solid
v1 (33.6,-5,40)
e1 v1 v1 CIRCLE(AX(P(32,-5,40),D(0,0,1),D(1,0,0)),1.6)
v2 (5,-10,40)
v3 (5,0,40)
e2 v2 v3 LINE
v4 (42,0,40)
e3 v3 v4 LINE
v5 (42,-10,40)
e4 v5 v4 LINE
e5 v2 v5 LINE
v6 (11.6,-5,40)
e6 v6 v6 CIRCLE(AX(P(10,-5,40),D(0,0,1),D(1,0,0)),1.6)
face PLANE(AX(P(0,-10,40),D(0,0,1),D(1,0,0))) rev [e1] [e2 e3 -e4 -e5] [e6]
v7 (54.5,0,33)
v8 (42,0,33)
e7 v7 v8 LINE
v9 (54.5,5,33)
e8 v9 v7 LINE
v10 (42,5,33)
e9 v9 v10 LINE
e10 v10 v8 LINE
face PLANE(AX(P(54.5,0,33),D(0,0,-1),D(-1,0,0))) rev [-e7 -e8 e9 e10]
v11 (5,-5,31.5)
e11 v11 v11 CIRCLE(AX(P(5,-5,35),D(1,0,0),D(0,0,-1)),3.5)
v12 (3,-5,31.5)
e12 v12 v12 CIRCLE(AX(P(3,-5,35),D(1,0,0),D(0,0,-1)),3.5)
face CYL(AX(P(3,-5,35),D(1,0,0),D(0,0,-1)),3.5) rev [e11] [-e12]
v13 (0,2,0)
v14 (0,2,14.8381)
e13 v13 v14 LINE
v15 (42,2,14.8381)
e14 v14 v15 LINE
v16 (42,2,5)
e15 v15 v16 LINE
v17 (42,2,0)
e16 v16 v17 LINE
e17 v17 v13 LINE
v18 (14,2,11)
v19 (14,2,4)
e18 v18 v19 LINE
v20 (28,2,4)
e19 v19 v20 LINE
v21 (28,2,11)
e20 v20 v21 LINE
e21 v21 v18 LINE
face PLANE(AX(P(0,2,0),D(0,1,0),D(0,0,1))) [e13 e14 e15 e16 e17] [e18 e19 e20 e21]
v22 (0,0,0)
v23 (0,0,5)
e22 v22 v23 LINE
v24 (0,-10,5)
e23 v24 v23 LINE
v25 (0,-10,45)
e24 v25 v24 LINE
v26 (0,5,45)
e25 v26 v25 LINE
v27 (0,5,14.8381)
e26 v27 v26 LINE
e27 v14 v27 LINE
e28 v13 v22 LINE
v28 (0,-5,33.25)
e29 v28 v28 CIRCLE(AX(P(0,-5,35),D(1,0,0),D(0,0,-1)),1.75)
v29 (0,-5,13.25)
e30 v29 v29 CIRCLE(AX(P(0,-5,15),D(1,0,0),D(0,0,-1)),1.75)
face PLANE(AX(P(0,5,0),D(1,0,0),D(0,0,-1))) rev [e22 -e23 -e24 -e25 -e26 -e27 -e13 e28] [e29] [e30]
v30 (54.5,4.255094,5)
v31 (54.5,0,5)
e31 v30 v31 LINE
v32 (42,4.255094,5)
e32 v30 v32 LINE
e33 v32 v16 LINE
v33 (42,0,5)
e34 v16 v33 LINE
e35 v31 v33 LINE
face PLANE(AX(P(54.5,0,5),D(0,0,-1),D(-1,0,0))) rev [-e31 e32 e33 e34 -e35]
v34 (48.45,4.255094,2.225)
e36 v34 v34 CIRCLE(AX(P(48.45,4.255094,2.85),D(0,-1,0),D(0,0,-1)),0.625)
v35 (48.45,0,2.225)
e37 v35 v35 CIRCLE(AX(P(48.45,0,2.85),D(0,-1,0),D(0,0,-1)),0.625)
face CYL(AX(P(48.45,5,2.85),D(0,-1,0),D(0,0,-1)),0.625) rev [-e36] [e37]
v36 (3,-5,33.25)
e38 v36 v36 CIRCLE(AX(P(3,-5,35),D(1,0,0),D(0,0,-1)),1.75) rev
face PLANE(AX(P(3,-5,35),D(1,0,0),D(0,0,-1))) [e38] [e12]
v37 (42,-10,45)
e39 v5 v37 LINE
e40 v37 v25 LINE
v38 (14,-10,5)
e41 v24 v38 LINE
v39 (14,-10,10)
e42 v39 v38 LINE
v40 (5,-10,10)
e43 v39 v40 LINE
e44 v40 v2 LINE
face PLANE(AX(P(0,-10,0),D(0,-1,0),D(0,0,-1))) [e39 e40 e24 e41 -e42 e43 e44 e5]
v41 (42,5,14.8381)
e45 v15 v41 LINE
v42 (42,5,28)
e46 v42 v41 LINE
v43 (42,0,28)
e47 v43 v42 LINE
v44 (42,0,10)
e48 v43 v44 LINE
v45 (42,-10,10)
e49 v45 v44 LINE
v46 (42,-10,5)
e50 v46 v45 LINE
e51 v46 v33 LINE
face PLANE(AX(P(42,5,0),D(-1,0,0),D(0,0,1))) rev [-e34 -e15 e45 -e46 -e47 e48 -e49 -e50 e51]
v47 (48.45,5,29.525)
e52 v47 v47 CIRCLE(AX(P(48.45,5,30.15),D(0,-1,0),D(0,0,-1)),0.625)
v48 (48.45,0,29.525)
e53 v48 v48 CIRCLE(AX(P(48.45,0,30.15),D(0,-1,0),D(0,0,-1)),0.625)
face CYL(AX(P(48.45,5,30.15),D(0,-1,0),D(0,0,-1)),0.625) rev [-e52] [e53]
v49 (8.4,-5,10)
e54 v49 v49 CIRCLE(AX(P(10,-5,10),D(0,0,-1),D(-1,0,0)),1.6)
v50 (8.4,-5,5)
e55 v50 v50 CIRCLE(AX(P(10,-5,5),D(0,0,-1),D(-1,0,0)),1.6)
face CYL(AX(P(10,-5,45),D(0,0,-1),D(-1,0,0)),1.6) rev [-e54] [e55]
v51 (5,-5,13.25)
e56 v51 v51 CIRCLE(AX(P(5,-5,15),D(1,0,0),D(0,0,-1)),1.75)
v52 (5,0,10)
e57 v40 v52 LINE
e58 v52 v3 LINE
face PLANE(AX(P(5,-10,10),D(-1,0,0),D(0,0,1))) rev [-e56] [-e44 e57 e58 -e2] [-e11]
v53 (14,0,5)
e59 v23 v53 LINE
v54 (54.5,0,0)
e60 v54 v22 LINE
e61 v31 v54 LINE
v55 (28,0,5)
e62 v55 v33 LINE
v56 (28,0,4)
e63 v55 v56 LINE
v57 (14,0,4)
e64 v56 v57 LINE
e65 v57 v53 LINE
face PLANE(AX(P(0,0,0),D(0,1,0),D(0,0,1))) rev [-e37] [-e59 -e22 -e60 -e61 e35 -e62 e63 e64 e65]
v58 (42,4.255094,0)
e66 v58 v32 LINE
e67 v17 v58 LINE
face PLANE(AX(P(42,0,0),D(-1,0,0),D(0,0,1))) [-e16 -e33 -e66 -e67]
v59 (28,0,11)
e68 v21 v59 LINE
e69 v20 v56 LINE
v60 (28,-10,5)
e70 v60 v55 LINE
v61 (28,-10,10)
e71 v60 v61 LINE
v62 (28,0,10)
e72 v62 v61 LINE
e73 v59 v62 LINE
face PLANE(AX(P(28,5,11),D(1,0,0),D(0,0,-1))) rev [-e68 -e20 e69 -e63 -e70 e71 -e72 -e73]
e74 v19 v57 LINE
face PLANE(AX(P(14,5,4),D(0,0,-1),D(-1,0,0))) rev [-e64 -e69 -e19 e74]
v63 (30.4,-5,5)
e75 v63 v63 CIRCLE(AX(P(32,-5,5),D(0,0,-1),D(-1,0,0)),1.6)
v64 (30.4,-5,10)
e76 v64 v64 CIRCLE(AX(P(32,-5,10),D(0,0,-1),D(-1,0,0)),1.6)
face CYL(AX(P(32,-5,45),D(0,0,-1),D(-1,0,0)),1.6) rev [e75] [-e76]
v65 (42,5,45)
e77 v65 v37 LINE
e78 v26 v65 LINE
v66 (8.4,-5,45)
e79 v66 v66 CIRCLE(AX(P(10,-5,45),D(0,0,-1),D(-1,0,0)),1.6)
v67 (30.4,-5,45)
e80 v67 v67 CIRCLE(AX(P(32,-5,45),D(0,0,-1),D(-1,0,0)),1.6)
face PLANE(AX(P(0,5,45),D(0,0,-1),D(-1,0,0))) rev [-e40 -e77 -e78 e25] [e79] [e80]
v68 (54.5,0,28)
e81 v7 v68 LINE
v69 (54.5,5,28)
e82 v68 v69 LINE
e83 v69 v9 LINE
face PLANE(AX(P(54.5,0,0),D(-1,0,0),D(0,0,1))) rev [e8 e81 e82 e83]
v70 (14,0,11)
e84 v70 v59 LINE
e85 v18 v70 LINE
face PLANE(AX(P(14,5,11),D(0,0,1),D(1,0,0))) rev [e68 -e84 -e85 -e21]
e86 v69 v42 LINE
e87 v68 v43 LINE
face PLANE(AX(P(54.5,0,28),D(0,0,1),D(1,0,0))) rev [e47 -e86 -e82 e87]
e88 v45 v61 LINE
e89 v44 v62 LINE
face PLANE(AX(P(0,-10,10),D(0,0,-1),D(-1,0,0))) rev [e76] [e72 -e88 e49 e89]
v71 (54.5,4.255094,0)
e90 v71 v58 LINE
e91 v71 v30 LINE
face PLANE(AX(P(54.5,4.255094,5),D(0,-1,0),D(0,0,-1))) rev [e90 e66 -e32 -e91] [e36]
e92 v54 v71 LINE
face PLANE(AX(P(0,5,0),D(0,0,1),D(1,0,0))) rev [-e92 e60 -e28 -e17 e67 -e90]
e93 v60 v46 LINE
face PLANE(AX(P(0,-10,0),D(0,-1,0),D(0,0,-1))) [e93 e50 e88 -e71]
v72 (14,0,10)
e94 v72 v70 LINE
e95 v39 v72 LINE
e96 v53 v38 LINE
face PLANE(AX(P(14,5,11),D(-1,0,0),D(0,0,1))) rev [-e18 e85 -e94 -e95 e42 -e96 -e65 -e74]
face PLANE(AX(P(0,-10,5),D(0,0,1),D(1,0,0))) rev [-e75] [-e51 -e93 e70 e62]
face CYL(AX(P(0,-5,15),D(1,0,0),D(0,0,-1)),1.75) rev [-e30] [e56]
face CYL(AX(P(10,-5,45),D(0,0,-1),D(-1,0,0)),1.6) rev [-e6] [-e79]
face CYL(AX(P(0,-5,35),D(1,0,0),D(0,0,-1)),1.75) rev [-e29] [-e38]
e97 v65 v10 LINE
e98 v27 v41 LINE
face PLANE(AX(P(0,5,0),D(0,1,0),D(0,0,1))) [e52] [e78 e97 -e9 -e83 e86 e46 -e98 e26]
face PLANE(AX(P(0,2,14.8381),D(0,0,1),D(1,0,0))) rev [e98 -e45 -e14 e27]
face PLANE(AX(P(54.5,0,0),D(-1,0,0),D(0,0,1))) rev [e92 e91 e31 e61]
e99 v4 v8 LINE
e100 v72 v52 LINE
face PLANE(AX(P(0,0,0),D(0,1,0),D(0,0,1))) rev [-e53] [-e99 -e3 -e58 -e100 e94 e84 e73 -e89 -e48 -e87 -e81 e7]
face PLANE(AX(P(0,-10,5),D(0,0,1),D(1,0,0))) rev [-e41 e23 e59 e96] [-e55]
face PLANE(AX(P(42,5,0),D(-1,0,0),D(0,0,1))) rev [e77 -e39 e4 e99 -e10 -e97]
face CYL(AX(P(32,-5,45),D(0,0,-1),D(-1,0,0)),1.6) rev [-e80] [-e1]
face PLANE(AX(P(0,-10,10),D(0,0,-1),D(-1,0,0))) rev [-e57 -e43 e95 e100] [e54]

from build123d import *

# Parameters (mm, degrees)
SKETCH_1_W          = 42
SKETCH_1_H          = 45
EXTRUDE_1_DEPTH     = 5
SKETCH_2_W          = 42
SKETCH_2_H          = 5
EXTRUDE_2_DEPTH     = 10
SKETCH_3_R          = 1.6
CUT_EXTRUDE_1_DEPTH = 59.855755878
SKETCH_4_W          = 14
SKETCH_4_H          = 7
CUT_EXTRUDE_2_DEPTH = 64.356136246
SKETCH_5_W          = 42
SKETCH_5_H          = 14.838100381
CUT_EXTRUDE_3_DEPTH = 3
SKETCH_6_W          = 5
SKETCH_6_H          = 30
EXTRUDE_3_DEPTH     = 10
SKETCH_7_R          = 1.75
CUT_EXTRUDE_4_DEPTH = 60.110066825
SKETCH_8_R          = 3.5
CUT_EXTRUDE_5_DEPTH = 2
SKETCH_9_W          = 5
SKETCH_9_H          = 5
SKETCH_9_H_2        = 4.255093553
EXTRUDE_4_DEPTH     = 12.5
SKETCH_10_R         = 0.625
CUT_EXTRUDE_6_DEPTH = 72.381019886


with BuildPart() as part:
    # 草图1 → 凸台-拉伸1 (new body)
    with BuildSketch(Plane(origin=(0, 0, 0), x_dir=(1, 0, 0), z_dir=(0, 1, 0))):
        with Locations((21, -22.5)):
            Rectangle(SKETCH_1_W, SKETCH_1_H)
    extrude(amount=EXTRUDE_1_DEPTH)

    # 草图2 → 凸台-拉伸2 (add)
    with BuildSketch(Plane.XZ):
        with Locations((21, 42.5)):
            Rectangle(SKETCH_2_W, SKETCH_2_H)
        with Locations((21, 7.5)):
            Rectangle(SKETCH_2_W, SKETCH_2_H)
    extrude(amount=EXTRUDE_2_DEPTH)

    # 草图3 → 切除-拉伸1 (cut, through all)
    with BuildSketch(Plane(origin=(0, 0, 5), x_dir=(-1, 0, 0), z_dir=(0, 0, -1))):
        with Locations((-32, -5)):
            Circle(SKETCH_3_R)
        with Locations((-10, -5)):
            Circle(SKETCH_3_R)
    extrude(amount=-CUT_EXTRUDE_1_DEPTH, mode=Mode.SUBTRACT)

    # 草图4 → 切除-拉伸2 (cut, through all)
    with BuildSketch(Plane.XZ.offset(10)):
        with Locations((21, 7.5)):
            Rectangle(SKETCH_4_W, SKETCH_4_H)
    extrude(amount=-CUT_EXTRUDE_2_DEPTH, mode=Mode.SUBTRACT)

    # 草图5 → 切除-拉伸3 (cut)
    with BuildSketch(Plane(origin=(0, 5, 0), x_dir=(1, 0, 0), z_dir=(0, 1, 0))):
        with Locations((21, -7.419050191)):
            Rectangle(SKETCH_5_W, SKETCH_5_H)
    extrude(amount=-CUT_EXTRUDE_3_DEPTH, mode=Mode.SUBTRACT)

    # 草图6 → 凸台-拉伸3 (add)
    with BuildSketch(Plane.XZ):
        with Locations((2.5, 25)):
            Rectangle(SKETCH_6_W, SKETCH_6_H)
    extrude(amount=EXTRUDE_3_DEPTH)

    # 草图7 → 切除-拉伸4 (cut, through all)
    with BuildSketch(Plane(origin=(5, 0, 0), x_dir=(0, 0, -1), z_dir=(1, 0, 0))):
        with Locations((-35, -5)):
            Circle(SKETCH_7_R)
        with Locations((-15, -5)):
            Circle(SKETCH_7_R)
    extrude(amount=-CUT_EXTRUDE_4_DEPTH, mode=Mode.SUBTRACT)

    # 草图8 → 切除-拉伸5 (cut)
    with BuildSketch(Plane(origin=(5, 0, 0), x_dir=(0, 0, -1), z_dir=(1, 0, 0))):
        with Locations((-35, -5)):
            Circle(SKETCH_8_R)
    extrude(amount=-CUT_EXTRUDE_5_DEPTH, mode=Mode.SUBTRACT)

    # 草图9 → 凸台-拉伸4 (add)
    with BuildSketch(Plane(origin=(42, 0, 0), x_dir=(0, 0, -1), z_dir=(1, 0, 0))):
        with Locations((-30.5, 2.5)):
            Rectangle(SKETCH_9_W, SKETCH_9_H)
        with Locations((-2.5, 2.127546777)):
            Rectangle(SKETCH_9_W, SKETCH_9_H_2)
    extrude(amount=EXTRUDE_4_DEPTH)

    # 草图10 → 切除-拉伸6 (cut, through all)
    with BuildSketch(Plane.XZ):
        with Locations(Location((48.45, 30.15, 0), (0, 0, 270))):
            Circle(SKETCH_10_R)
        with Locations(Location((48.45, 2.85, 0), (0, 0, 270))):
            Circle(SKETCH_10_R)
    extrude(amount=-CUT_EXTRUDE_6_DEPTH, mode=Mode.SUBTRACT)


solid = part.part
